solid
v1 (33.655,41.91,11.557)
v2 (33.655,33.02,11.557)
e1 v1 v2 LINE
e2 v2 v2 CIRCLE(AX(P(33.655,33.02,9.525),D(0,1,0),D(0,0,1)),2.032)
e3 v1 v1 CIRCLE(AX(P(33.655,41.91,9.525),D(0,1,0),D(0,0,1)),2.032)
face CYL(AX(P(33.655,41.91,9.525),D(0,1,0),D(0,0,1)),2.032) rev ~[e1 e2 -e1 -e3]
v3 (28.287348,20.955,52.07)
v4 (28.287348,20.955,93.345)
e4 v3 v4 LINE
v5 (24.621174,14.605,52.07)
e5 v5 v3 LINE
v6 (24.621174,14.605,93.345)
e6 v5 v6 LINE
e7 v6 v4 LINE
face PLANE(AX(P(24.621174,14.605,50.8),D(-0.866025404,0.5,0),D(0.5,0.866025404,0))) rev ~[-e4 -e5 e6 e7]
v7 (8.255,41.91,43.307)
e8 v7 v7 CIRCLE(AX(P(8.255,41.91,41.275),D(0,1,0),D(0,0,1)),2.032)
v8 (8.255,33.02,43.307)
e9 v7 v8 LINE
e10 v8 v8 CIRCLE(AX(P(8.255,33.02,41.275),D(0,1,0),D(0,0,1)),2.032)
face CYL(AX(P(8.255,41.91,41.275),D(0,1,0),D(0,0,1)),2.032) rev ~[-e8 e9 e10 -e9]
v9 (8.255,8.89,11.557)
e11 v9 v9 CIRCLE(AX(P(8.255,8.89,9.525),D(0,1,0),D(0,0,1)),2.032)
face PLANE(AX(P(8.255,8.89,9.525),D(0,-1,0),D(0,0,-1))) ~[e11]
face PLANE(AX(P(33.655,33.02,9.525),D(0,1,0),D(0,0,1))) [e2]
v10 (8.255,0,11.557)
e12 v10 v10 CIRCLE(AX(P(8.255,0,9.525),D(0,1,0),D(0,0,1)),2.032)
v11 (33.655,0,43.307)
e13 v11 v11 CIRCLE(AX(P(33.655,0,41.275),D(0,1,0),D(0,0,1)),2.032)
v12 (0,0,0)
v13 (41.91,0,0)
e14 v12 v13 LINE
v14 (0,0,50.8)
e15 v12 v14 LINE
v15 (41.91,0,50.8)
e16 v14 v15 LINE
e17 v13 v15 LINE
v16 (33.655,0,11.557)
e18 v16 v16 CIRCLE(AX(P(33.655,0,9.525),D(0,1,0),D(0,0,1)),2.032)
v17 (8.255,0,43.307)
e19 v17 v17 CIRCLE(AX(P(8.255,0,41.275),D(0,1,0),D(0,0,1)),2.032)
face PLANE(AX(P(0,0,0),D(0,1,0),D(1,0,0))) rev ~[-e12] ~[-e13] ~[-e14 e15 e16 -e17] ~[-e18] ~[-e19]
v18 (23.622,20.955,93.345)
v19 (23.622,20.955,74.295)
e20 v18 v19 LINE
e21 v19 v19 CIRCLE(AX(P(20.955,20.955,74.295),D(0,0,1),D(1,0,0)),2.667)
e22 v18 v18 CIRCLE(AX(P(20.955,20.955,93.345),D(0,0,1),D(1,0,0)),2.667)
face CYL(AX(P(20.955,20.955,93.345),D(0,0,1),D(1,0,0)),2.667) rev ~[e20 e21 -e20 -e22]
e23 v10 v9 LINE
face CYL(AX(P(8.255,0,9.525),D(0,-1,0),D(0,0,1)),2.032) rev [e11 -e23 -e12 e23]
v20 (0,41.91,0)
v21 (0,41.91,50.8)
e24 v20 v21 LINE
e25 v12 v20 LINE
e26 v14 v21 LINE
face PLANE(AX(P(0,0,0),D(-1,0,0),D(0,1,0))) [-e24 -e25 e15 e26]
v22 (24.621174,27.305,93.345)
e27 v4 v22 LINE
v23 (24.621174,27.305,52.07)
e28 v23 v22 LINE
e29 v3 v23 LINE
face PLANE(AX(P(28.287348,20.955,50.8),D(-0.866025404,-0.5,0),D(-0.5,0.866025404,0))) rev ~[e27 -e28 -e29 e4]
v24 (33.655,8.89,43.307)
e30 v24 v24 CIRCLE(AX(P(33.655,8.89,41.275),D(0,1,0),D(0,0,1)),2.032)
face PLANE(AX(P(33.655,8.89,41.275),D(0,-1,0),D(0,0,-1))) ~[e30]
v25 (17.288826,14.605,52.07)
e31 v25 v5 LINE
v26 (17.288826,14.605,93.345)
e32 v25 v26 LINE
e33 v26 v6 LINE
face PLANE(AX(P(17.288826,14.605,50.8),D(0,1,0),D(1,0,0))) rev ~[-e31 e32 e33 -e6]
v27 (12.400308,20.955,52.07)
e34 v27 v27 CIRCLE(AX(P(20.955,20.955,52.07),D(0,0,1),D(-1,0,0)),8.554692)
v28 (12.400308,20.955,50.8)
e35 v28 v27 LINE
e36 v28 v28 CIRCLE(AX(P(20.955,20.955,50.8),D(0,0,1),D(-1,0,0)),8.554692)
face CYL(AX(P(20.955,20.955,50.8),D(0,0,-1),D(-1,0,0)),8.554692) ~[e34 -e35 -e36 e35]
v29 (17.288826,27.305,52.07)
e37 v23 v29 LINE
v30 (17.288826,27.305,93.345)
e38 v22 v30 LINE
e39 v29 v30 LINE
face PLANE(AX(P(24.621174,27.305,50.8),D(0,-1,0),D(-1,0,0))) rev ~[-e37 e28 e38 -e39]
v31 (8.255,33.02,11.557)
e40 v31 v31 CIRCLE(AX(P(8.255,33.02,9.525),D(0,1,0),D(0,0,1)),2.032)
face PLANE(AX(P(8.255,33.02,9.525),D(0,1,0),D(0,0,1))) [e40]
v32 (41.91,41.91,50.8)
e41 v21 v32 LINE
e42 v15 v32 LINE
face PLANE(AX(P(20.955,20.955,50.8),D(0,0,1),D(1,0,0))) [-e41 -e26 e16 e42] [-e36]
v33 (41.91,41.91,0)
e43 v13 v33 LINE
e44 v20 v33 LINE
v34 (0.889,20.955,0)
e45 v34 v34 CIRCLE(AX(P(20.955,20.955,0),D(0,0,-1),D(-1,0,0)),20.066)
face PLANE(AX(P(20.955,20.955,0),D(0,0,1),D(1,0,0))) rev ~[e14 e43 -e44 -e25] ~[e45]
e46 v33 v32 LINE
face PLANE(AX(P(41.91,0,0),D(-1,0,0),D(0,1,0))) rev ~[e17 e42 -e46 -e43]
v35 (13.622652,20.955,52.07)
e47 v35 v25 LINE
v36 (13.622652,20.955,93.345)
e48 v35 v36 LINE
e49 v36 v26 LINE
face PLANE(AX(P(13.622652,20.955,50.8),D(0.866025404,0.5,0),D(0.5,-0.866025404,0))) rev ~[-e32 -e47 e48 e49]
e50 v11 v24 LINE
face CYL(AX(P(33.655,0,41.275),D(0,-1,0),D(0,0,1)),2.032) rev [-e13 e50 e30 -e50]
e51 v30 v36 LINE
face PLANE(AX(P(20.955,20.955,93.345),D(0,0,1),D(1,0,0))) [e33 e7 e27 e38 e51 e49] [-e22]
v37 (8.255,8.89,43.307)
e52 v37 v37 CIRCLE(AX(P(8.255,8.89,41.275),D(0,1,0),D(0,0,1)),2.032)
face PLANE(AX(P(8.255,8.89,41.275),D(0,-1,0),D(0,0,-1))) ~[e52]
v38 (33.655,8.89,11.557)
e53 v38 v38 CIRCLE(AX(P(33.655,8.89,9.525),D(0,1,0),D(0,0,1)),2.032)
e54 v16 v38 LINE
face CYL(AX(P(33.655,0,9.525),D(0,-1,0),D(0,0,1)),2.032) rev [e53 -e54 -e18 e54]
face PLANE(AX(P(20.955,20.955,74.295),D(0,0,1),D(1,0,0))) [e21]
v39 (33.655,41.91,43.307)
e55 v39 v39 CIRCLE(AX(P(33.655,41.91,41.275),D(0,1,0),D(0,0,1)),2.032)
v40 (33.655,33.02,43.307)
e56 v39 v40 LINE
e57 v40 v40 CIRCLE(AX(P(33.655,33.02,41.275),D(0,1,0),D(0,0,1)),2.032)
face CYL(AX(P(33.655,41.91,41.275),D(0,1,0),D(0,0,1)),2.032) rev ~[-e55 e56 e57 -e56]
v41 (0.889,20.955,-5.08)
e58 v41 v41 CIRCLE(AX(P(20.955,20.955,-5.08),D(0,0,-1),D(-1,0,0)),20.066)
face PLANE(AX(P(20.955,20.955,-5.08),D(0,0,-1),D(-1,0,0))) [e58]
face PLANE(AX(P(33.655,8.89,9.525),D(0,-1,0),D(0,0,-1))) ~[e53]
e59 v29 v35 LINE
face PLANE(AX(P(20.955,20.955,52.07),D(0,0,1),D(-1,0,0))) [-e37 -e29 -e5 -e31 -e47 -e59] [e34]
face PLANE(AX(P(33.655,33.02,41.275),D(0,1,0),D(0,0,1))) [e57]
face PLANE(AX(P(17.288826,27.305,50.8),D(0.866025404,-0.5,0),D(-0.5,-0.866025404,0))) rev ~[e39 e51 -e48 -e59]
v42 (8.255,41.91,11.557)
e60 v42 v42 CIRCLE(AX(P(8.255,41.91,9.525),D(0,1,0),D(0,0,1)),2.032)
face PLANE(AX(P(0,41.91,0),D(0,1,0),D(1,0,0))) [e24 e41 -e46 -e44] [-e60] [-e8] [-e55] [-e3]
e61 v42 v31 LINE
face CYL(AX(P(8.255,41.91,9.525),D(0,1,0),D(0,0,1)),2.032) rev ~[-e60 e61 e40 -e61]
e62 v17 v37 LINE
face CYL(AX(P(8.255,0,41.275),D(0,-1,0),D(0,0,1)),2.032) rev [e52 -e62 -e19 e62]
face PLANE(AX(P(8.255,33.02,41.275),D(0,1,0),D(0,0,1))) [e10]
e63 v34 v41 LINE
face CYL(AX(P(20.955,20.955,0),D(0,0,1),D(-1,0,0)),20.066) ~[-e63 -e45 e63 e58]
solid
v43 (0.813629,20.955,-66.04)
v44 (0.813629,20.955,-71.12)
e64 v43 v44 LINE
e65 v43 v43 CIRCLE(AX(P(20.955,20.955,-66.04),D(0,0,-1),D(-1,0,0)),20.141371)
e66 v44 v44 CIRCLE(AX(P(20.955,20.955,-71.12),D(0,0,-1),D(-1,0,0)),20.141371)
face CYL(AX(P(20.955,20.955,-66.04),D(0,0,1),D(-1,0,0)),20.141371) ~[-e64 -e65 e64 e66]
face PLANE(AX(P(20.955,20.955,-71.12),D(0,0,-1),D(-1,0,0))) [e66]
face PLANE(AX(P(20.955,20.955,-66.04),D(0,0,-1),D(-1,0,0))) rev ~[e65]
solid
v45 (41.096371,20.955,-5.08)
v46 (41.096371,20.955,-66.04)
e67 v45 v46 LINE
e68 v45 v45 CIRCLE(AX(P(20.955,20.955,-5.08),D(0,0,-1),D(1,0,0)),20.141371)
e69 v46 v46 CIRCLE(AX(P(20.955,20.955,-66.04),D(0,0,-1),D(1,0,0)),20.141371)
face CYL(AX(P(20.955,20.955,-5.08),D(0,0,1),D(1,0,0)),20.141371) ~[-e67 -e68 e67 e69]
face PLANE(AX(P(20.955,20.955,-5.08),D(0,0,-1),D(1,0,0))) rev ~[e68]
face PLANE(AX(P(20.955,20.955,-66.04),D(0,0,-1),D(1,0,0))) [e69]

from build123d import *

# Parameters (mm, degrees)
SKETCH1_W           = 41.91
SKETCH1_H           = 41.91
BOSS_EXTRUDE1_DEPTH = 50.8
BOSS_EXTRUDE2_DEPTH = 42.545
SKETCH3_R           = 20.066
BOSS_EXTRUDE3_DEPTH = 5.08
SKETCH4_R           = 20.141371121
BOSS_EXTRUDE4_DEPTH = 60.96
SKETCH5_R           = 20.141371121
BOSS_EXTRUDE5_DEPTH = 5.08
SKETCH6_R           = 8.554692431
BOSS_EXTRUDE6_DEPTH = 1.27
SKETCH7_R           = 2.667
CUT_EXTRUDE1_DEPTH  = 19.05
SKETCH8_R           = 2.032
CUT_EXTRUDE2_DEPTH  = 8.89


with BuildPart() as part:
    # Sketch1 → Boss-Extrude1 (new body)
    with BuildSketch(Plane.XY):
        with Locations((20.955, 20.955)):
            Rectangle(SKETCH1_W, SKETCH1_H)
    extrude(amount=BOSS_EXTRUDE1_DEPTH)

    # Sketch2 → Boss-Extrude2 (add)
    with BuildSketch(Plane.XY.offset(50.8)):
        Polygon((28.287348419, 20.955), (24.621174209, 27.305), (17.288825791, 27.305), (13.622651581, 20.955), (17.288825791, 14.605), (24.621174209, 14.605), align=None)
    extrude(amount=BOSS_EXTRUDE2_DEPTH)

    # Sketch3 → Boss-Extrude3 (add)
    with BuildSketch(Plane(origin=(0, 0, 0), x_dir=(-1, 0, 0), z_dir=(0, 0, -1))):
        with Locations((-20.955, 20.955)):
            Circle(SKETCH3_R)
    extrude(amount=BOSS_EXTRUDE3_DEPTH)

    # Sketch6 → Boss-Extrude6 (add)
    with BuildSketch(Plane.XY.offset(50.8)):
        with Locations(Location((20.955, 20.955, 0), (0, 0, 180))):
            Circle(SKETCH6_R)
    extrude(amount=BOSS_EXTRUDE6_DEPTH)

    # Sketch7 → Cut-Extrude1 (cut)
    with BuildSketch(Plane.XY.offset(93.345)):
        with Locations((20.955, 20.955)):
            Circle(SKETCH7_R)
    extrude(amount=-CUT_EXTRUDE1_DEPTH, mode=Mode.SUBTRACT)

    # Sketch8 → Cut-Extrude2 (cut)
    with BuildSketch(Plane(origin=(0, 41.91, 0), x_dir=(1, 0, 0), z_dir=(0, 1, 0))):
        with Locations(Location((33.655, -9.525, 0), (0, 0, 270))):
            Circle(SKETCH8_R)
        with Locations(Location((8.255, -9.525, 0), (0, 0, 270))):
            Circle(SKETCH8_R)
        with Locations(Location((8.255, -41.275, 0), (0, 0, 270))):
            Circle(SKETCH8_R)
        with Locations(Location((33.655, -41.275, 0), (0, 0, 270))):
            Circle(SKETCH8_R)
    cut_extrude2 = extrude(amount=-CUT_EXTRUDE2_DEPTH, mode=Mode.SUBTRACT)

    # Mirror1: Cut-Extrude2 across plane
    add(cut_extrude2.mirror(Plane.ZX.offset(20.955)), mode=Mode.SUBTRACT)


with BuildPart() as body_2:
    # Sketch4 → Boss-Extrude4 (new body)
    with BuildSketch(Plane(origin=(0, 0, -5.08), x_dir=(-1, 0, 0), z_dir=(0, 0, -1))):
        with Locations(Location((-20.955, 20.955, 0), (0, 0, 180))):
            Circle(SKETCH4_R)
    extrude(amount=BOSS_EXTRUDE4_DEPTH)


with BuildPart() as body_3:
    # Sketch5 → Boss-Extrude5 (new body)
    with BuildSketch(Plane(origin=(0, 0, -66.04), x_dir=(-1, 0, 0), z_dir=(0, 0, -1))):
        with Locations((-20.955, 20.955)):
            Circle(SKETCH5_R)
    extrude(amount=BOSS_EXTRUDE5_DEPTH)


solid = Compound([part.part, body_2.part, body_3.part])
